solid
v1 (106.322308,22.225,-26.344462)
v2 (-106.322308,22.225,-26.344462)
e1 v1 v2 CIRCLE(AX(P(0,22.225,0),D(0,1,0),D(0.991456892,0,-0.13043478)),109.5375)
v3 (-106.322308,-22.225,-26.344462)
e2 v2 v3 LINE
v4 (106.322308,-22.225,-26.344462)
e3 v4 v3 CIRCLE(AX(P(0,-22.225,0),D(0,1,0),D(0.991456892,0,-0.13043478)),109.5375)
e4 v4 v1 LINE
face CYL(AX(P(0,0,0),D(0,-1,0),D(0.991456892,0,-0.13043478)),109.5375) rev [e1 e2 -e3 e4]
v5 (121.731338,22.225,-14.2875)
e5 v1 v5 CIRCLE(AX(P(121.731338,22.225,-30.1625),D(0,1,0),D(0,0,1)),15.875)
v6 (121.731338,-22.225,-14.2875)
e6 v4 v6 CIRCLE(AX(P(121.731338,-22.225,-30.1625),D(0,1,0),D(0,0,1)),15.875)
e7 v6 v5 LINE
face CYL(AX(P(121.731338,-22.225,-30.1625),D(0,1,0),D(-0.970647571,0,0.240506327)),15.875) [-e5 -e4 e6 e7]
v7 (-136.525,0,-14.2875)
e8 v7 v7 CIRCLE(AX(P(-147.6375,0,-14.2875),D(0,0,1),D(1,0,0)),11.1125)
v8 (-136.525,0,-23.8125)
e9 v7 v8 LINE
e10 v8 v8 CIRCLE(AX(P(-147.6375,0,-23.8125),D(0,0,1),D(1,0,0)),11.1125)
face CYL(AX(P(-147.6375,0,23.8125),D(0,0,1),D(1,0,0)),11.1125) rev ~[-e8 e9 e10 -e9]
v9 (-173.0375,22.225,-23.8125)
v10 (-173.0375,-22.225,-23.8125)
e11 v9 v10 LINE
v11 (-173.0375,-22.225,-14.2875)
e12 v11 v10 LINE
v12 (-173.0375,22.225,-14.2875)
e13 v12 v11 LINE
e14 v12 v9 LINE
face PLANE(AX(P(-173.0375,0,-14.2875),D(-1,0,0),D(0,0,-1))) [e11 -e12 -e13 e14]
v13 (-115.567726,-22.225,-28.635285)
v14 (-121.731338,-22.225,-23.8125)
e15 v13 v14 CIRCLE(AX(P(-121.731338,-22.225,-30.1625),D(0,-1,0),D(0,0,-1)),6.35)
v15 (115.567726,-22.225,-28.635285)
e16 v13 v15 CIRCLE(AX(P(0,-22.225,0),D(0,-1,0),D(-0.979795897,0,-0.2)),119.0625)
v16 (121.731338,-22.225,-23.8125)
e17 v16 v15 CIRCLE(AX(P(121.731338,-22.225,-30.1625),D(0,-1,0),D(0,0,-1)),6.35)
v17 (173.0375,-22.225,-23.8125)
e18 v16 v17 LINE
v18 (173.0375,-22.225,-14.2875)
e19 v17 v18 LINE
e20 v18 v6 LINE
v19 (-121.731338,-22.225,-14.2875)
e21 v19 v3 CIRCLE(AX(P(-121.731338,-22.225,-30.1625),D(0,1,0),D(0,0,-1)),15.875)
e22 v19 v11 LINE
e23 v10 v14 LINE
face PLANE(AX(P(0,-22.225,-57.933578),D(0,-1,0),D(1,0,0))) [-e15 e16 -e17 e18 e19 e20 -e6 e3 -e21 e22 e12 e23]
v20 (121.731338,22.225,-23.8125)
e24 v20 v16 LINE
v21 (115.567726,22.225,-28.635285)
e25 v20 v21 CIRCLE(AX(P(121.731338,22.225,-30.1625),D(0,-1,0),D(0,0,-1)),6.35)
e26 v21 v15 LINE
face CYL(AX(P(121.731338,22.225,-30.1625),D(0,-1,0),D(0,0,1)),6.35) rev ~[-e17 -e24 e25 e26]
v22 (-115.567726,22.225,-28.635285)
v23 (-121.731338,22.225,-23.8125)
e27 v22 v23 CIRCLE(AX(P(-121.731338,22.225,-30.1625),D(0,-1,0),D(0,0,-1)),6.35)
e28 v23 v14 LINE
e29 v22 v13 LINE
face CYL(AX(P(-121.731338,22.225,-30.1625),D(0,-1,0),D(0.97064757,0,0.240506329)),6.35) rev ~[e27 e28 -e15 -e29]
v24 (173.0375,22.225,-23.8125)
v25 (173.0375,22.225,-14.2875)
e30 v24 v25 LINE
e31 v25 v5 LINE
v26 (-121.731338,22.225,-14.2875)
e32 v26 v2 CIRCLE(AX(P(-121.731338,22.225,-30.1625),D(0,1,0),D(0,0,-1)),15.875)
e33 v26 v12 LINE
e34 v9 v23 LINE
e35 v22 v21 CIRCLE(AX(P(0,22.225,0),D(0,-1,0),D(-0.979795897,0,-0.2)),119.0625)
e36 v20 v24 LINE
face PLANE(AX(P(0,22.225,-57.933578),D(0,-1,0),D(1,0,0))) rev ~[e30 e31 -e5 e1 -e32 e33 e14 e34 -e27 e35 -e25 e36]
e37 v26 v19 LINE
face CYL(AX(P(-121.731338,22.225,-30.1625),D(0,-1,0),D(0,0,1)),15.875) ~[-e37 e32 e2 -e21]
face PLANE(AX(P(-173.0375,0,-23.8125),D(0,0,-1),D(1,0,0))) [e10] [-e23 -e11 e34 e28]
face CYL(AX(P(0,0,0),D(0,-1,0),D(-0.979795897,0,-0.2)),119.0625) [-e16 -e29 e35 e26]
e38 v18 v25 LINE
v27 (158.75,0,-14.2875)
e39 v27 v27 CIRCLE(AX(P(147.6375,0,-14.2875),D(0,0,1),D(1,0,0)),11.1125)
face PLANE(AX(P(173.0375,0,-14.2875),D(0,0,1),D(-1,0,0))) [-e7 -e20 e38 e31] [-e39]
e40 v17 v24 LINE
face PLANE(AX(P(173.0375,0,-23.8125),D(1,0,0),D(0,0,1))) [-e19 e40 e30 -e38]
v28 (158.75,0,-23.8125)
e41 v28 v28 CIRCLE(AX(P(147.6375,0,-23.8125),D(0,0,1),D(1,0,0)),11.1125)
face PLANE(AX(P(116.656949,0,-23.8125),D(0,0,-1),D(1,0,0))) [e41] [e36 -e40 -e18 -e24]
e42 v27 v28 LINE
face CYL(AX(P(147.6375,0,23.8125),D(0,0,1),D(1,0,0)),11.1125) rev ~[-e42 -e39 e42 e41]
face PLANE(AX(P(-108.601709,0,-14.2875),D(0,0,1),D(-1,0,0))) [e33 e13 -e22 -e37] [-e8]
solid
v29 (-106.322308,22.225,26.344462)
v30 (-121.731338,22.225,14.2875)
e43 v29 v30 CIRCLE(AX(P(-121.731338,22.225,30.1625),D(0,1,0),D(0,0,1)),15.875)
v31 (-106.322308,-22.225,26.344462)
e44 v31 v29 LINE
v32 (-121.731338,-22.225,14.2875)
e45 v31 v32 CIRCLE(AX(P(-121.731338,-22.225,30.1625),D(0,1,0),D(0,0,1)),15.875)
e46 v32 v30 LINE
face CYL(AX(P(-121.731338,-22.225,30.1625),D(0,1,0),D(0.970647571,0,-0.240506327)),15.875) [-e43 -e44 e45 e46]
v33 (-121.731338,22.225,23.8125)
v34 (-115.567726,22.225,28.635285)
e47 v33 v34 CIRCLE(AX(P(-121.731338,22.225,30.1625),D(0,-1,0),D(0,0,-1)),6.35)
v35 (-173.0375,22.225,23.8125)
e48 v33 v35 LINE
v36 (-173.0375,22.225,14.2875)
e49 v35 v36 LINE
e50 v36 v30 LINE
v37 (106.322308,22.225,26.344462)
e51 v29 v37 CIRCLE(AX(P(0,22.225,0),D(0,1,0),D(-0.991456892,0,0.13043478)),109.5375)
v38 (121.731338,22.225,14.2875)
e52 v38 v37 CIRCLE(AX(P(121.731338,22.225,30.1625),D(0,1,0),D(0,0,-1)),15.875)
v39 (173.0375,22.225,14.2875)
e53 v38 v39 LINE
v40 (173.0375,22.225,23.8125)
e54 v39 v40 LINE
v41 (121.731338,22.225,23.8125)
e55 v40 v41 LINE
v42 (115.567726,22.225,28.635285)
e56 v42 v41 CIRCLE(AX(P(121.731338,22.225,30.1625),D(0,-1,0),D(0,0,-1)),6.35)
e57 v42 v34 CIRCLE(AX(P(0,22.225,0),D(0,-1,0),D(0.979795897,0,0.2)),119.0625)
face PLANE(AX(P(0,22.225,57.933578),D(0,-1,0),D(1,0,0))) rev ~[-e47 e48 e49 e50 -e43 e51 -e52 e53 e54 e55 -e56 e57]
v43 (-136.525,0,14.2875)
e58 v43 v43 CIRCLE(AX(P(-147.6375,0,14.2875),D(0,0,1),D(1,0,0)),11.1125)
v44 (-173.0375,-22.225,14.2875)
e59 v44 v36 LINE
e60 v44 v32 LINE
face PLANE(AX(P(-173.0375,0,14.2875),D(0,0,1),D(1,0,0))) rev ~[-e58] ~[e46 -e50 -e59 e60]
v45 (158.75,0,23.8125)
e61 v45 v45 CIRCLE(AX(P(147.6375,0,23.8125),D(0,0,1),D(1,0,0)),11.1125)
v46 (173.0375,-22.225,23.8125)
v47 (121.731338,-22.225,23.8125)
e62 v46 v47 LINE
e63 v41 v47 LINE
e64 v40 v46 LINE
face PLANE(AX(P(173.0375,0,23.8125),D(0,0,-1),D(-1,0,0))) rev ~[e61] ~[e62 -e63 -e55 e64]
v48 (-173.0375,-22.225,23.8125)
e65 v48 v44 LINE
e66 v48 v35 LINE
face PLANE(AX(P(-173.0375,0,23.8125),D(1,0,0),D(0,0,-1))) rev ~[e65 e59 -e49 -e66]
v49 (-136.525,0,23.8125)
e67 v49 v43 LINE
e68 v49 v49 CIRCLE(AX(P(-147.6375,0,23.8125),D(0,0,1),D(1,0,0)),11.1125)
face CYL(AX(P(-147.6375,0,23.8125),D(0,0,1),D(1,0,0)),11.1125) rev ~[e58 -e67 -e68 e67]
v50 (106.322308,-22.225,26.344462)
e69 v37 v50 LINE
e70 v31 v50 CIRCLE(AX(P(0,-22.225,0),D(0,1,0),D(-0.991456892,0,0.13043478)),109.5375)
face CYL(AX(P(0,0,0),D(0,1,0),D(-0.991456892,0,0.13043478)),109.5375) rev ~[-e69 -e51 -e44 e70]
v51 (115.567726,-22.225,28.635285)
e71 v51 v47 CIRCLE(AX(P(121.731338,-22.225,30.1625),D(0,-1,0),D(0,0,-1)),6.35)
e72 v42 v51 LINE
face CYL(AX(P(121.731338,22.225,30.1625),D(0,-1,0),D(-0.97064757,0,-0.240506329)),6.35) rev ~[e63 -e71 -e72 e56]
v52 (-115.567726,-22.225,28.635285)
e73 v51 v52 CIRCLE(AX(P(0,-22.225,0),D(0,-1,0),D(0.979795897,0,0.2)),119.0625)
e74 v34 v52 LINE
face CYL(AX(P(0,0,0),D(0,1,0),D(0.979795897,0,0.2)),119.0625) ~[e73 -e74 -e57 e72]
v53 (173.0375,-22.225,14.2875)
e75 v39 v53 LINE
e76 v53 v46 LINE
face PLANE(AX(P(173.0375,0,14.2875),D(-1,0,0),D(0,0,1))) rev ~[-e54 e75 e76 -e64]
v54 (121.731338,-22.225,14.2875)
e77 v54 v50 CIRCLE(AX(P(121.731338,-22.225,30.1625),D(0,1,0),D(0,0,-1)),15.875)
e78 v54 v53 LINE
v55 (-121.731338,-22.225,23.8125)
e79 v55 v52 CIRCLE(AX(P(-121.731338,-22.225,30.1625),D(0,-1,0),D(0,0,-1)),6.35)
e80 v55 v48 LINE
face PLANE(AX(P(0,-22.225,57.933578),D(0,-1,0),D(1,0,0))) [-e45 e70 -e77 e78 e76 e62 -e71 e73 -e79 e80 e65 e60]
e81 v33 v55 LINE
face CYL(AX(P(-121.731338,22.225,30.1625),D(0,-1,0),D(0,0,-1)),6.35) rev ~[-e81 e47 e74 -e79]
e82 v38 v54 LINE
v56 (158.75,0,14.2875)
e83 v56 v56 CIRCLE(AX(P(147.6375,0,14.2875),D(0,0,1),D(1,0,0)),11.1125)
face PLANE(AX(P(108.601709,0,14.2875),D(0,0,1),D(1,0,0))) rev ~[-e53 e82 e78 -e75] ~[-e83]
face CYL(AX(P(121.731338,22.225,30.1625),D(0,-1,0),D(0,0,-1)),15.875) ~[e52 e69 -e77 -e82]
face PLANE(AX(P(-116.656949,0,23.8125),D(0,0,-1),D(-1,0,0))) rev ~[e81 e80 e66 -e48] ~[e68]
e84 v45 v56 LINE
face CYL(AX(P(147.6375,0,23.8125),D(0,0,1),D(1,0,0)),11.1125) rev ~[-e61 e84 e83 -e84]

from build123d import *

# Parameters (mm, degrees)
F1_DEPTH = 22.225
F2_R     = 6.35
F3_R     = 15.875
F4_R     = 11.1125
F5_DEPTH = 142.876


with BuildPart() as f1:
    # F0 (on Front) → F1 (new body, symmetric)
    with BuildSketch(Plane.XZ):
        with BuildLine():
            ThreePointArc((-108.601709, 14.2875), (0, 109.5375), (108.601709, 14.2875))
            Line((108.601709, 14.2875), (173.0375, 14.2875))
            Line((173.0375, 14.2875), (173.0375, 23.8125))
            Line((173.0375, 23.8125), (116.656949, 23.8125))
            ThreePointArc((116.656949, 23.8125), (0, 119.0625), (-116.656949, 23.8125))
            Line((-116.656949, 23.8125), (-173.0375, 23.8125))
            Line((-173.0375, 23.8125), (-173.0375, 14.2875))
            Line((-173.0375, 14.2875), (-108.601709, 14.2875))
        make_face()
        with BuildLine():
            ThreePointArc((108.601709, -14.2875), (0, -109.5375), (-108.601709, -14.2875))
            Line((-108.601709, -14.2875), (-173.0375, -14.2875))
            Line((-173.0375, -14.2875), (-173.0375, -23.8125))
            Line((-173.0375, -23.8125), (-116.656949, -23.8125))
            ThreePointArc((-116.656949, -23.8125), (0, -119.0625), (116.656949, -23.8125))
            Line((116.656949, -23.8125), (173.0375, -23.8125))
            Line((173.0375, -23.8125), (173.0375, -14.2875))
            Line((173.0375, -14.2875), (108.601709, -14.2875))
        make_face()
    extrude(amount=F1_DEPTH, both=True)

    # F2
    f2_edges = [f1.edges().sort_by_distance(p)[0] for p in [
        (-116.656949, 0, 23.8125),
        (116.656949, 0, 23.8125),
        (116.656949, 0, -23.8125),
        (-116.656949, 0, -23.8125),
    ]]
    fillet(f2_edges, radius=F2_R)

    # F3
    f3_edges = [f1.edges().sort_by_distance(p)[0] for p in [
        (108.601709, 0, 14.2875),
        (108.601709, 0, -14.2875),
        (-108.601709, 0, -14.2875),
        (-108.601709, 0, 14.2875),
    ]]
    fillet(f3_edges, radius=F3_R)

    # F4 (on face) → F5 (cut, through all)
    with BuildSketch(Plane.XY.offset(23.8125)):
        with Locations((-147.6375, 0)):
            Circle(F4_R)
        with Locations((147.6375, 0)):
            Circle(F4_R)
    extrude(amount=-F5_DEPTH, mode=Mode.SUBTRACT)


solid = f1.part
